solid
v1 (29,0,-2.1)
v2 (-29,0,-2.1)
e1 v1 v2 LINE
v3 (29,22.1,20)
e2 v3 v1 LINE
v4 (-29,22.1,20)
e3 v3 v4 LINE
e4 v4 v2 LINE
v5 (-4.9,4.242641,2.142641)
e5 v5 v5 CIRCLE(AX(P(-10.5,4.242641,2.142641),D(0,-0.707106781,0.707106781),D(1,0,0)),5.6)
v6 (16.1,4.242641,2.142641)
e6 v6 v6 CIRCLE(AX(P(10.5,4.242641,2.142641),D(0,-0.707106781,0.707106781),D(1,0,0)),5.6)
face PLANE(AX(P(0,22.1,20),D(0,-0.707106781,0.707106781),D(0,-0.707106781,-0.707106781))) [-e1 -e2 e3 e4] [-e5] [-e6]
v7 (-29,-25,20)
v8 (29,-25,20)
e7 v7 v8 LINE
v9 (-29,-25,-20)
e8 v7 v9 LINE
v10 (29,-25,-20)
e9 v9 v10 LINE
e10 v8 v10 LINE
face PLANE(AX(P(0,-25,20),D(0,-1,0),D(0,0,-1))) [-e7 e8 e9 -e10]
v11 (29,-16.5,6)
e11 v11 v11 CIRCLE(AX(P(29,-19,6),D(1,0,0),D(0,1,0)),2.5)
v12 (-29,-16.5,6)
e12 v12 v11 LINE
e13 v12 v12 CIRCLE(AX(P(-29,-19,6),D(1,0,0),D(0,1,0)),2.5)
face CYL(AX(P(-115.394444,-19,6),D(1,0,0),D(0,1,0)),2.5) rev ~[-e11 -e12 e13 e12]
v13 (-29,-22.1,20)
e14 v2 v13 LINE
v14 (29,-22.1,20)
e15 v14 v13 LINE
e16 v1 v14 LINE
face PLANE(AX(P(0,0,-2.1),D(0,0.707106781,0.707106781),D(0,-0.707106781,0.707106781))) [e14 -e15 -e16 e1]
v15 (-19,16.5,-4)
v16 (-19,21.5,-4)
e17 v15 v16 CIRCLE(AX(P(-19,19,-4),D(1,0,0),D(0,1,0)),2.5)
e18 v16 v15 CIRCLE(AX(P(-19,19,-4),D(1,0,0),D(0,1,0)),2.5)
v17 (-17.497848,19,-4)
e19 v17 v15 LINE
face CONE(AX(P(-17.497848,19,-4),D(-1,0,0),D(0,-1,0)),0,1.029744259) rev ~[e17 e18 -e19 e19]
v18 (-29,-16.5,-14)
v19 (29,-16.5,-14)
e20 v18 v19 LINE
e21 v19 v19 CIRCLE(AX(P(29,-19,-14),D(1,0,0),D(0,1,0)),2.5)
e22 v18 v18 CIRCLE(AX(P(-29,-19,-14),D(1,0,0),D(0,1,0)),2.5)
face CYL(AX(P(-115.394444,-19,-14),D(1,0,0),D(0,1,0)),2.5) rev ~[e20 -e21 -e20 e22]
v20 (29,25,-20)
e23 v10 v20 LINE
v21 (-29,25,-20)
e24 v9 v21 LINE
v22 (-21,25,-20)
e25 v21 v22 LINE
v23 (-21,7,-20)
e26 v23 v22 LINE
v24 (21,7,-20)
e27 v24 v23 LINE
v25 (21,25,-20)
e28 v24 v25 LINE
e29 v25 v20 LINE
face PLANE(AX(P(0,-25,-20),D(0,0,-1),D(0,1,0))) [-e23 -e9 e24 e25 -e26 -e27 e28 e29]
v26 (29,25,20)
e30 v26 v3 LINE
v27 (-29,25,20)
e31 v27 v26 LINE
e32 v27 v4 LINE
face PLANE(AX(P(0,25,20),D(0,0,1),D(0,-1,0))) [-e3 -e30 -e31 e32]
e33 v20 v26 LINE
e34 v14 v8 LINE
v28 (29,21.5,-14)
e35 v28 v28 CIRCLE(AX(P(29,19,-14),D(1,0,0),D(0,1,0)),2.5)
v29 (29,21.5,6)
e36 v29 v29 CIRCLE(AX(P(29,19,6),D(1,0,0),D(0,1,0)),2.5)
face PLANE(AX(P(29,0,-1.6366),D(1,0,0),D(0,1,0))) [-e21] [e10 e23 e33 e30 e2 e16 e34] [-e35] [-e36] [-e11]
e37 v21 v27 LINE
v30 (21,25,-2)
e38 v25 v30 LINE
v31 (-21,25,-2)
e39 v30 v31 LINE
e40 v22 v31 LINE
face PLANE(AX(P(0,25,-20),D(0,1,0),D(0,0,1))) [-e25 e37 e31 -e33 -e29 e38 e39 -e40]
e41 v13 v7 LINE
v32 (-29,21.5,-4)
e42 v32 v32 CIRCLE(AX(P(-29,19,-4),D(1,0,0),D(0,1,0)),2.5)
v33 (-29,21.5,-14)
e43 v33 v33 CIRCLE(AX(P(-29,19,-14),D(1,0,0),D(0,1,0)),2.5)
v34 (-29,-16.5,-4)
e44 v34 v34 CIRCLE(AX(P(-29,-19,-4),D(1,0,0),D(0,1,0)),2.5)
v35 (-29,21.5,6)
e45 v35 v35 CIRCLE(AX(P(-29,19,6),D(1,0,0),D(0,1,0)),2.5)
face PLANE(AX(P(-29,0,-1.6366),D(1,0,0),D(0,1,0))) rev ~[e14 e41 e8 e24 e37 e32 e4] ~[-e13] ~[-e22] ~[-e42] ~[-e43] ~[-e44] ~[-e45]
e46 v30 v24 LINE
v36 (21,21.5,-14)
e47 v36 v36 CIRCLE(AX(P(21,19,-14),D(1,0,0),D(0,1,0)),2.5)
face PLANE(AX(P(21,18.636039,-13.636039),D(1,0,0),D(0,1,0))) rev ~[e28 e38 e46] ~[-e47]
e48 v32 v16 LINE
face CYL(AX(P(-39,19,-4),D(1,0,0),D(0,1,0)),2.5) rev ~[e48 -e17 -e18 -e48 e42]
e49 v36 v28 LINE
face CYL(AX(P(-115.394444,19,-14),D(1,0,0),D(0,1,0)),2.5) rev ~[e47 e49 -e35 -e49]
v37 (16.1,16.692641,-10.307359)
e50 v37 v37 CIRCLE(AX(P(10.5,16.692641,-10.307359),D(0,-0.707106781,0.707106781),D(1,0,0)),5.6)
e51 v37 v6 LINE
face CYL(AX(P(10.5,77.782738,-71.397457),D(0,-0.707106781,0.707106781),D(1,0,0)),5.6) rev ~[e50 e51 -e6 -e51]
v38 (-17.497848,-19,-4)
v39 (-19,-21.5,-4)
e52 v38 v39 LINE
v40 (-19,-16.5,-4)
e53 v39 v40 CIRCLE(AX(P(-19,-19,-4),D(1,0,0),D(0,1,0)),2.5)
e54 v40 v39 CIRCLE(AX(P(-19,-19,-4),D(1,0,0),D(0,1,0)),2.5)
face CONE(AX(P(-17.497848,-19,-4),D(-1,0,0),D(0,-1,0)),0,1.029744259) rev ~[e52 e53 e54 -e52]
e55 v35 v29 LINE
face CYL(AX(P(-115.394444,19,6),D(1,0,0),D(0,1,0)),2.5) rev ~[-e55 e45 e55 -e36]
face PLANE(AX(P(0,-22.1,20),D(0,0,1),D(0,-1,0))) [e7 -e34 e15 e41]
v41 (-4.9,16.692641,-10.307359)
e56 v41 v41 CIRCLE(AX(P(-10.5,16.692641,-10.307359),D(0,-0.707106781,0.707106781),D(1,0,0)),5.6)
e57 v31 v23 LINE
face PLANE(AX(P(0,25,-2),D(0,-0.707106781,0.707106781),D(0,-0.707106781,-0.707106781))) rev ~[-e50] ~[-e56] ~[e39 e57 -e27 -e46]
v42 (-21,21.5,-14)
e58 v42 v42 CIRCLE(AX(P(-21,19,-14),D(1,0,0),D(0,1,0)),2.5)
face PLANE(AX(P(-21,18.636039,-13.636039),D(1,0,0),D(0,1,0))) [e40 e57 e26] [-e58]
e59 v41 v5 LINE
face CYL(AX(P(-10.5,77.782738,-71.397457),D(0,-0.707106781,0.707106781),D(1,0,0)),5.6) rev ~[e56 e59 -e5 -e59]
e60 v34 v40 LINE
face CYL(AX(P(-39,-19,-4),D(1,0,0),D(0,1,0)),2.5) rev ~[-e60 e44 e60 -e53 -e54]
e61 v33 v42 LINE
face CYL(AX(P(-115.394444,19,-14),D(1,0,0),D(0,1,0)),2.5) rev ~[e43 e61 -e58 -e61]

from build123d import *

# Parameters (mm, degrees)
F1_DEPTH = 29
F3_DEPTH = 21
F5_D     = 5
F6_D     = 5
F7_D     = 5
F7_DEPTH = 10
F7_TIP   = 1.5021515476
F9_D     = 11.2


with BuildPart() as f1:
    # F0 (on Right) → F1 (new body, symmetric)
    with BuildSketch(Plane.YZ):
        Polygon((-22.1, 20), (-25, 20), (-25, -20), (25, -20), (25, 20), (22.1, 20), (0, -2.1), align=None)
    extrude(amount=F1_DEPTH, both=True)

    # F2 (on Right) → F3 (cut, symmetric)
    with BuildSketch(Plane.YZ):
        Polygon((7, -20), (25, -20), (25, -2), align=None)
    extrude(amount=F3_DEPTH, both=True, mode=Mode.SUBTRACT)

    # F5 (through all)
    with Locations(Plane(origin=(-29, 0, 0), x_dir=(0, -1, 0), z_dir=(-1, 0, 0))):
        with Locations((-19, -14), (19, -14)):
            Hole(F5_D / 2)

    # F6 (through all)
    with Locations(Plane(origin=(-29, 0, 0), x_dir=(0, -1, 0), z_dir=(-1, 0, 0))):
        with Locations((-19, 6), (19, 6)):
            Hole(F6_D / 2)

    # F7
    with Locations(Plane(origin=(-29, 0, 0), x_dir=(0, -1, 0), z_dir=(-1, 0, 0))):
        with Locations((-19, -4), (19, -4)):
            Hole(F7_D / 2, depth=F7_DEPTH)
            with Locations((0, 0, -(F7_DEPTH + F7_TIP / 2))):  # 118° drill point
                Cone(0, F7_D / 2, F7_TIP, mode=Mode.SUBTRACT)

    # F9 (through all)
    with Locations(Plane(origin=(0, 13.5, -13.5), x_dir=(-1, 0, 0), z_dir=(0, 0.7071067812, -0.7071067812))):
        with Locations((-10.5, 4.5150757595), (10.5, 4.5150757595)):
            Hole(F9_D / 2)


solid = f1.part
